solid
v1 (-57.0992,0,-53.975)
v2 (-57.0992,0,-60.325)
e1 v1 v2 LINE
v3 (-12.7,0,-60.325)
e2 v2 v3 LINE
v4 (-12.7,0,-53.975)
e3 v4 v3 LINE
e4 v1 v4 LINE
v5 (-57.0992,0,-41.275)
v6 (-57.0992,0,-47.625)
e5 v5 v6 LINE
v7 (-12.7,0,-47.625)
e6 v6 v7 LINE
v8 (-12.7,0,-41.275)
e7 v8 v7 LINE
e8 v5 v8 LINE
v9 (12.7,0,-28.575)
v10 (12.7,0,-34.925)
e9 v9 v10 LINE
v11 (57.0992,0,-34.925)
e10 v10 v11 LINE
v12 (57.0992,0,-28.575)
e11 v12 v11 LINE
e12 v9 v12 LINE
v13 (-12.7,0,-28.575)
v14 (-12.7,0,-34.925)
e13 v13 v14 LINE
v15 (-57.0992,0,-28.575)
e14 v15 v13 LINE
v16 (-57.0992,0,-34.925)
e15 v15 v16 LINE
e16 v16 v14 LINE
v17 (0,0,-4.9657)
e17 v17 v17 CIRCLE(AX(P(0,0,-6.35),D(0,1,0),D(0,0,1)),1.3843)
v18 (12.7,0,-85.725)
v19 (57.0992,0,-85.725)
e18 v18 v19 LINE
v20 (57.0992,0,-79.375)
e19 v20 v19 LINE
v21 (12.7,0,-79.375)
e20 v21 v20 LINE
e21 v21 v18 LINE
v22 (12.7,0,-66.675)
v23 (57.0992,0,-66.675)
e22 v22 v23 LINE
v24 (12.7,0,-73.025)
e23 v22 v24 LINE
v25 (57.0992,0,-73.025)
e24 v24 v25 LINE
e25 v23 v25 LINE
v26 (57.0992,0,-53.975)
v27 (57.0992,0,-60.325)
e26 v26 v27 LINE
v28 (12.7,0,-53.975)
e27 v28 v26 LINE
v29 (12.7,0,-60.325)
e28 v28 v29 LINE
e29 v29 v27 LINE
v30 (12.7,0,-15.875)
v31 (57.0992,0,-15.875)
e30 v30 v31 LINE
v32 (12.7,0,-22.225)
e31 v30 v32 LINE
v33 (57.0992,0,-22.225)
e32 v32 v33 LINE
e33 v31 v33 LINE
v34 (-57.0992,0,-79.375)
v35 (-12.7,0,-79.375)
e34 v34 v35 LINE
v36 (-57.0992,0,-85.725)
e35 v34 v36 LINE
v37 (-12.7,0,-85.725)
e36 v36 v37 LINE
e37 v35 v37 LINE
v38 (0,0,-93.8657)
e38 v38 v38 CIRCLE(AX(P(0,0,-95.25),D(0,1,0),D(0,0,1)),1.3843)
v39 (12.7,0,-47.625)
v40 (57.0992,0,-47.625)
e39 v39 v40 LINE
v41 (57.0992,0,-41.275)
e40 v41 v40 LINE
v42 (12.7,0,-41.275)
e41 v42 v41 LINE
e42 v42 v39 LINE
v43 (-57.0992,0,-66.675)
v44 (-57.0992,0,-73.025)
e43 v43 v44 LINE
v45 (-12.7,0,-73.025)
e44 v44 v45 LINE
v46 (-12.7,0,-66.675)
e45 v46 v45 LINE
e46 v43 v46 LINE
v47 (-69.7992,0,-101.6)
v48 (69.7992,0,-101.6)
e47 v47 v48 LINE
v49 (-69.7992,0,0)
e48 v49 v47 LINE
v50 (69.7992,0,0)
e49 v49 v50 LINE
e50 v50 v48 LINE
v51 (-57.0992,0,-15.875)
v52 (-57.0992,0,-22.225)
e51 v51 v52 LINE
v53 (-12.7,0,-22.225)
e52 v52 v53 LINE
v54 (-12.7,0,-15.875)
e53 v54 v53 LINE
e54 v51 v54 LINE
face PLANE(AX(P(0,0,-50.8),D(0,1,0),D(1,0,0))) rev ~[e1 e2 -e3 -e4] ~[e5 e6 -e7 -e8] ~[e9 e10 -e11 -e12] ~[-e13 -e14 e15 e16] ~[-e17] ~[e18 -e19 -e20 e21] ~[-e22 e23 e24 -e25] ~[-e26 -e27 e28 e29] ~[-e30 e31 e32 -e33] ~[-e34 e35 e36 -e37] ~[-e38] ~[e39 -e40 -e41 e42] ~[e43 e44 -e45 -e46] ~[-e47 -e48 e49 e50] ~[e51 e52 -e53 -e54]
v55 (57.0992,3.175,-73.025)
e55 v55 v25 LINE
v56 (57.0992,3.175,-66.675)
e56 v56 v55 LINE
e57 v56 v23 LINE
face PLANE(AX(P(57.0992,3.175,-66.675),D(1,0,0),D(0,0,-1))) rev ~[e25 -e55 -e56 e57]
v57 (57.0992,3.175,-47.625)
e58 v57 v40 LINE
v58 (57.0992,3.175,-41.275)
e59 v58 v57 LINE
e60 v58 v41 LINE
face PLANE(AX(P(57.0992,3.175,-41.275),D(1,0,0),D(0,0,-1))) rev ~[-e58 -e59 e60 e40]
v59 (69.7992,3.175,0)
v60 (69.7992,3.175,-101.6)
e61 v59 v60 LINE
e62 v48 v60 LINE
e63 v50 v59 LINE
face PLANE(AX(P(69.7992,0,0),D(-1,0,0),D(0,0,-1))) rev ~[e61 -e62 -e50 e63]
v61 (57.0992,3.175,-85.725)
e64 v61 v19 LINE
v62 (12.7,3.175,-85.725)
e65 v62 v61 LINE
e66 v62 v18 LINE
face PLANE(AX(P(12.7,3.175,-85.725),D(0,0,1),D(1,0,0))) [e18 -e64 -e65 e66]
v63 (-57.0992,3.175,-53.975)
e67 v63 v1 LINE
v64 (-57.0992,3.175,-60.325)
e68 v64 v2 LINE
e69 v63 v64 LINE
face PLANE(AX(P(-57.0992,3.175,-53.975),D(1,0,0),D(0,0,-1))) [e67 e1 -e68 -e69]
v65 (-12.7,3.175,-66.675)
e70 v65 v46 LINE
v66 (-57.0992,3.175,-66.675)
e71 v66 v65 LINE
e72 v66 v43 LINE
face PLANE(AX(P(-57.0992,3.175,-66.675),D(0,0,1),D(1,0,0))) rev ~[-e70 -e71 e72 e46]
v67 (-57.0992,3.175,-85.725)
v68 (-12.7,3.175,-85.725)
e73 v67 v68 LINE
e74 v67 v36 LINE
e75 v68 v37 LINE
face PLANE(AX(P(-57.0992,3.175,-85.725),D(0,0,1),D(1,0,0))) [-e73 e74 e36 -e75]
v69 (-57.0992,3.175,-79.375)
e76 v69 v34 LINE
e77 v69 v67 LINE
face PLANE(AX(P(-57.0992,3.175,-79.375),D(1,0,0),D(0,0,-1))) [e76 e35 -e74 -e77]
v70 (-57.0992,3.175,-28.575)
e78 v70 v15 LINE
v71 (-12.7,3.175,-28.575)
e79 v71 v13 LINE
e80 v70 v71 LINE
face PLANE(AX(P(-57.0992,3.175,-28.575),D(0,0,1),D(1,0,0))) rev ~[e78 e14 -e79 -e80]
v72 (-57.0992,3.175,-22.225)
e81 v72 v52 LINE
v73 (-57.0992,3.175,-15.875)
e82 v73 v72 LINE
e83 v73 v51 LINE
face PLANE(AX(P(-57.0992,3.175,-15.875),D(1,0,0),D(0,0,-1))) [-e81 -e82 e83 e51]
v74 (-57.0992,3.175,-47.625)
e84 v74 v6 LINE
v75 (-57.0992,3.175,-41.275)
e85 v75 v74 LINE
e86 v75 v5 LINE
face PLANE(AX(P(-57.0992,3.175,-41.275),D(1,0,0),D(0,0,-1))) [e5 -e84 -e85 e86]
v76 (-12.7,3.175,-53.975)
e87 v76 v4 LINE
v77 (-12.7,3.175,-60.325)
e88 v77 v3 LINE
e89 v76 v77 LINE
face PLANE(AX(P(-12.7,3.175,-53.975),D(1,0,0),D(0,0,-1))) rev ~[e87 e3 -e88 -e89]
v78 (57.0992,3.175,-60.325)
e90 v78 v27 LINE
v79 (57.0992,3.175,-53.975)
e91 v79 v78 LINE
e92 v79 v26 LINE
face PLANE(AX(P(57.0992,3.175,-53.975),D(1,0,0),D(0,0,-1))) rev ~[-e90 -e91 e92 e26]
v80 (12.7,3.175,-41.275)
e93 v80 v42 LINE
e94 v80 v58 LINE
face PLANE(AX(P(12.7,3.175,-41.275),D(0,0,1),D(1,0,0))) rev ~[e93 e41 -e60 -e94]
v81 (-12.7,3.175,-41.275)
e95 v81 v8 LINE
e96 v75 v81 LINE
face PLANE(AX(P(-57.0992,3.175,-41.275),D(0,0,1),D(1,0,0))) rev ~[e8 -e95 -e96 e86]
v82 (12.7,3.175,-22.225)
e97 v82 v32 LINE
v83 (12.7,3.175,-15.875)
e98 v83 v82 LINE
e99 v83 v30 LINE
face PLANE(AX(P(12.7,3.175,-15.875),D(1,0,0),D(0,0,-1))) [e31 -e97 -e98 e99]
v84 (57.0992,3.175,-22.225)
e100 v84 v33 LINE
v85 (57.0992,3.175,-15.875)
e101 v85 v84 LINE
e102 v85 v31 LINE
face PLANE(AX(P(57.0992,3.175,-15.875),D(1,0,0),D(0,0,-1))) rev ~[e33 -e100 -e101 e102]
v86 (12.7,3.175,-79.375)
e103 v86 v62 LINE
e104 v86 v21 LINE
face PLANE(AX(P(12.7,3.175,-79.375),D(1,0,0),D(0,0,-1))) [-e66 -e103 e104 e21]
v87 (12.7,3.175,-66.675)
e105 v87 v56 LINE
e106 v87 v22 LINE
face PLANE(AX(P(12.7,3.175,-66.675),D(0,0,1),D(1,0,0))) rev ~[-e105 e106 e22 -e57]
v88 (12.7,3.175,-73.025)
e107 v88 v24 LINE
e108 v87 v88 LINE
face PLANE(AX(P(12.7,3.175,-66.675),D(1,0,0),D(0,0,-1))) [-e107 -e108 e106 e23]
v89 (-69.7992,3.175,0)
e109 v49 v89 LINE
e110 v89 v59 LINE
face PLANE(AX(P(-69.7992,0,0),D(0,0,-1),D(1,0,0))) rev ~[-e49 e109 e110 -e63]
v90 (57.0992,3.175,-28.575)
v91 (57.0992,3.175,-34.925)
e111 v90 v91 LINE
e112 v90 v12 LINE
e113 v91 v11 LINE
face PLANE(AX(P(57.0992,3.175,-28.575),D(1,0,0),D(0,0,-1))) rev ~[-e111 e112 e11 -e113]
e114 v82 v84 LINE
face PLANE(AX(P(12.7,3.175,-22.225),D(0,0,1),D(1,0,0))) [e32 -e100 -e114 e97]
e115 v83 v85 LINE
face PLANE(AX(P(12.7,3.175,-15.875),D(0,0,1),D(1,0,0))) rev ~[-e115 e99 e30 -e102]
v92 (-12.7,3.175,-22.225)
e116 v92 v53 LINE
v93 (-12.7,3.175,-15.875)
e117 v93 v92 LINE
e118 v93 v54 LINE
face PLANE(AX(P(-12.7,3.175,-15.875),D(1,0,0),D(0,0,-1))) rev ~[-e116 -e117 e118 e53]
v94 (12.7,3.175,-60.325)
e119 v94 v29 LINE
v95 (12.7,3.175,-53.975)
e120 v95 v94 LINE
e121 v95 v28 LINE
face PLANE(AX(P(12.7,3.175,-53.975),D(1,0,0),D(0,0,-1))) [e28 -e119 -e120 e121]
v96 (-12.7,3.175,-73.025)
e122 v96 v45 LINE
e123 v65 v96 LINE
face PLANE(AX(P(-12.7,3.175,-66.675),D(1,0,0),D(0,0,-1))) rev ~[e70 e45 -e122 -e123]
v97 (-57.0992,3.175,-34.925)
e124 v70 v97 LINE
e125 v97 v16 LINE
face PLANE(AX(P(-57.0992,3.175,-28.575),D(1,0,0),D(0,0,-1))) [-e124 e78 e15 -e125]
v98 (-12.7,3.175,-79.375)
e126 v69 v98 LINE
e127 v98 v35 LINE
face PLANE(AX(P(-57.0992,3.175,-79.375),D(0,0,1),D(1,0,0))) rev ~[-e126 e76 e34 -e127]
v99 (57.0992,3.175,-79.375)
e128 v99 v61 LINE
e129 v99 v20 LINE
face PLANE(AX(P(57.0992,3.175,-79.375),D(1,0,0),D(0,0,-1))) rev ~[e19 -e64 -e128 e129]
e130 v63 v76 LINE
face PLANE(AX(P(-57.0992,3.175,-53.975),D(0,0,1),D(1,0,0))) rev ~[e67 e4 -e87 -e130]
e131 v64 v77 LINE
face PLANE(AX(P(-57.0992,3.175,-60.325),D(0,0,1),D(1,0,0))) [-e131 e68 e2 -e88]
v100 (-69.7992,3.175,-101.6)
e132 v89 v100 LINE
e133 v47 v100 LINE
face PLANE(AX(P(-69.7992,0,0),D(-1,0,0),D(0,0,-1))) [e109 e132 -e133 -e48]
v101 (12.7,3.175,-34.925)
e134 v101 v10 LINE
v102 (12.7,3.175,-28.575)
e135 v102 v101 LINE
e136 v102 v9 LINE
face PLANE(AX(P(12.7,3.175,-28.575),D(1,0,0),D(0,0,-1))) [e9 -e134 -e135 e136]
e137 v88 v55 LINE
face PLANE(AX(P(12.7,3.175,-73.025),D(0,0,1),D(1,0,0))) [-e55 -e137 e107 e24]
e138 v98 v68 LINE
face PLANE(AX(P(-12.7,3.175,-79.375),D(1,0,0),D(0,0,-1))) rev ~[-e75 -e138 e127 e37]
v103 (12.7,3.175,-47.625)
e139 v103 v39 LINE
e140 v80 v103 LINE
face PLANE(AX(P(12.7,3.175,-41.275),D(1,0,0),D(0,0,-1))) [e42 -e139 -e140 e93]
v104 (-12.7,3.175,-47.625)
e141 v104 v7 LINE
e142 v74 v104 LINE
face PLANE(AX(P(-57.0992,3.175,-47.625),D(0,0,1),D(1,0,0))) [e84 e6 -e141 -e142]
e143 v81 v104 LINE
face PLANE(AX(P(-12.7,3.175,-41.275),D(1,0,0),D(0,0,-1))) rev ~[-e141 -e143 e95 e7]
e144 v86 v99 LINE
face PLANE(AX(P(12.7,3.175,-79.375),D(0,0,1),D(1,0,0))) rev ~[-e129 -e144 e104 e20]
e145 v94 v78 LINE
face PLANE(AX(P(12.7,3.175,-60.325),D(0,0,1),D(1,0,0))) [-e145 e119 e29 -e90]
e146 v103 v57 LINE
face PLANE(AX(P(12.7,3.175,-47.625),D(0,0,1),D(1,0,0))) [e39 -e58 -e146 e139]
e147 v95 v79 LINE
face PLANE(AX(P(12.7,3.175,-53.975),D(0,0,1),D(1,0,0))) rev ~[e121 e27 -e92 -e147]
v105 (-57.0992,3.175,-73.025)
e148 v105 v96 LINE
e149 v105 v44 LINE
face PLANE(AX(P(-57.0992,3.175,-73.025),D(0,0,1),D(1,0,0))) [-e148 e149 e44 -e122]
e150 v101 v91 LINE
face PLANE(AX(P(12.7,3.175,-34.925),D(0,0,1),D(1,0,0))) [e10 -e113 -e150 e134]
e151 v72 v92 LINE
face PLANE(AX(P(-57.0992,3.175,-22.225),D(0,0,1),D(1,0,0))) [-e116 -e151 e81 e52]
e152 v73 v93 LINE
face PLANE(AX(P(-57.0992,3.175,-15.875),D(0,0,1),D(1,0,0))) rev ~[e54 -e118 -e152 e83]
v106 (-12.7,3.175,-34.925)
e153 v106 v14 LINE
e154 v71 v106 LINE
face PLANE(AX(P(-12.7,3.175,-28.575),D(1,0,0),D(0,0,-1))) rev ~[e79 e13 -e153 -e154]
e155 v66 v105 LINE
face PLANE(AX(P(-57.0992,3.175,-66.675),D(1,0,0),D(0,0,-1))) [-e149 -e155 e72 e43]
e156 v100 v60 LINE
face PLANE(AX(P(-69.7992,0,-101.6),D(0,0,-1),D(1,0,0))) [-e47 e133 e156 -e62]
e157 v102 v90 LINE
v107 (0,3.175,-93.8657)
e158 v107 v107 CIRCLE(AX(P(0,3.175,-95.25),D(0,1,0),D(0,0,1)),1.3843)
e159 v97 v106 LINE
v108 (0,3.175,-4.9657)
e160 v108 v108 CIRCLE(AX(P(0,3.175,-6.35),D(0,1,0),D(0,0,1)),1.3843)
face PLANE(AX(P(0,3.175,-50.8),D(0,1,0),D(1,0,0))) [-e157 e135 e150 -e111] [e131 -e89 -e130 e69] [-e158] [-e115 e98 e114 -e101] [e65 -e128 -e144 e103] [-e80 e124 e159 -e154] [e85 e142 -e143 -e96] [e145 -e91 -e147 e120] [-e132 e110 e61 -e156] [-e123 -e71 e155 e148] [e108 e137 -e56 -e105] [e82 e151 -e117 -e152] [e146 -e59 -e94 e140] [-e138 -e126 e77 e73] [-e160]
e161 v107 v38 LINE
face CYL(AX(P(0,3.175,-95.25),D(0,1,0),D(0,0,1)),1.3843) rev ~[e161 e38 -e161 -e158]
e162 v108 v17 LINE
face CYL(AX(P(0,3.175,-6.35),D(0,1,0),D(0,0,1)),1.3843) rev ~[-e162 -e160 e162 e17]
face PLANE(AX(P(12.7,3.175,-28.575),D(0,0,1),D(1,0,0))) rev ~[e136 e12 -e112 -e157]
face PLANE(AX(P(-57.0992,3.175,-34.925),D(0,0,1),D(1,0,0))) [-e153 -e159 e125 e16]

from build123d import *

# Parameters (mm, degrees)
SKETCH1_W           = 139.5984
SKETCH1_H           = 101.6
BOSS_EXTRUDE1_DEPTH = 3.175
SKETCH2_R           = 1.3843
SKETCH2_W           = 44.3992
SKETCH2_H           = 6.35
CUT_EXTRUDE1_DEPTH  = 3.175


with BuildPart() as part:
    # Sketch1 → Boss-Extrude1 (new body)
    with BuildSketch(Plane(origin=(0, 0, 0), x_dir=(1, 0, 0), z_dir=(0, 1, 0))):
        with Locations((0, 50.8)):
            Rectangle(SKETCH1_W, SKETCH1_H)
    extrude(amount=BOSS_EXTRUDE1_DEPTH)

    # Sketch2 → Cut-Extrude1 (cut)
    with BuildSketch(Plane(origin=(0, 3.175, 0), x_dir=(1, 0, 0), z_dir=(0, 1, 0))):
        with Locations(Location((0, 6.35, 0), (0, 0, 270))):
            Circle(SKETCH2_R)
        with Locations(Location((0, 95.25, 0), (0, 0, 270))):
            Circle(SKETCH2_R)
        with Locations((-34.8996, 82.55)):
            Rectangle(SKETCH2_W, SKETCH2_H)
        with Locations((-34.8996, 69.85)):
            Rectangle(SKETCH2_W, SKETCH2_H)
        with Locations((-34.8996, 57.15)):
            Rectangle(SKETCH2_W, SKETCH2_H)
        with Locations((-34.8996, 44.45)):
            Rectangle(SKETCH2_W, SKETCH2_H)
        with Locations((-34.8996, 31.75)):
            Rectangle(SKETCH2_W, SKETCH2_H)
        with Locations((-34.8996, 19.05)):
            Rectangle(SKETCH2_W, SKETCH2_H)
        with Locations((34.8996, 82.55)):
            Rectangle(SKETCH2_W, SKETCH2_H)
        with Locations((34.8996, 69.85)):
            Rectangle(SKETCH2_W, SKETCH2_H)
        with Locations((34.8996, 57.15)):
            Rectangle(SKETCH2_W, SKETCH2_H)
        with Locations((34.8996, 44.45)):
            Rectangle(SKETCH2_W, SKETCH2_H)
        with Locations((34.8996, 31.75)):
            Rectangle(SKETCH2_W, SKETCH2_H)
        with Locations((34.8996, 19.05)):
            Rectangle(SKETCH2_W, SKETCH2_H)
    extrude(amount=-CUT_EXTRUDE1_DEPTH, mode=Mode.SUBTRACT)


solid = part.part
